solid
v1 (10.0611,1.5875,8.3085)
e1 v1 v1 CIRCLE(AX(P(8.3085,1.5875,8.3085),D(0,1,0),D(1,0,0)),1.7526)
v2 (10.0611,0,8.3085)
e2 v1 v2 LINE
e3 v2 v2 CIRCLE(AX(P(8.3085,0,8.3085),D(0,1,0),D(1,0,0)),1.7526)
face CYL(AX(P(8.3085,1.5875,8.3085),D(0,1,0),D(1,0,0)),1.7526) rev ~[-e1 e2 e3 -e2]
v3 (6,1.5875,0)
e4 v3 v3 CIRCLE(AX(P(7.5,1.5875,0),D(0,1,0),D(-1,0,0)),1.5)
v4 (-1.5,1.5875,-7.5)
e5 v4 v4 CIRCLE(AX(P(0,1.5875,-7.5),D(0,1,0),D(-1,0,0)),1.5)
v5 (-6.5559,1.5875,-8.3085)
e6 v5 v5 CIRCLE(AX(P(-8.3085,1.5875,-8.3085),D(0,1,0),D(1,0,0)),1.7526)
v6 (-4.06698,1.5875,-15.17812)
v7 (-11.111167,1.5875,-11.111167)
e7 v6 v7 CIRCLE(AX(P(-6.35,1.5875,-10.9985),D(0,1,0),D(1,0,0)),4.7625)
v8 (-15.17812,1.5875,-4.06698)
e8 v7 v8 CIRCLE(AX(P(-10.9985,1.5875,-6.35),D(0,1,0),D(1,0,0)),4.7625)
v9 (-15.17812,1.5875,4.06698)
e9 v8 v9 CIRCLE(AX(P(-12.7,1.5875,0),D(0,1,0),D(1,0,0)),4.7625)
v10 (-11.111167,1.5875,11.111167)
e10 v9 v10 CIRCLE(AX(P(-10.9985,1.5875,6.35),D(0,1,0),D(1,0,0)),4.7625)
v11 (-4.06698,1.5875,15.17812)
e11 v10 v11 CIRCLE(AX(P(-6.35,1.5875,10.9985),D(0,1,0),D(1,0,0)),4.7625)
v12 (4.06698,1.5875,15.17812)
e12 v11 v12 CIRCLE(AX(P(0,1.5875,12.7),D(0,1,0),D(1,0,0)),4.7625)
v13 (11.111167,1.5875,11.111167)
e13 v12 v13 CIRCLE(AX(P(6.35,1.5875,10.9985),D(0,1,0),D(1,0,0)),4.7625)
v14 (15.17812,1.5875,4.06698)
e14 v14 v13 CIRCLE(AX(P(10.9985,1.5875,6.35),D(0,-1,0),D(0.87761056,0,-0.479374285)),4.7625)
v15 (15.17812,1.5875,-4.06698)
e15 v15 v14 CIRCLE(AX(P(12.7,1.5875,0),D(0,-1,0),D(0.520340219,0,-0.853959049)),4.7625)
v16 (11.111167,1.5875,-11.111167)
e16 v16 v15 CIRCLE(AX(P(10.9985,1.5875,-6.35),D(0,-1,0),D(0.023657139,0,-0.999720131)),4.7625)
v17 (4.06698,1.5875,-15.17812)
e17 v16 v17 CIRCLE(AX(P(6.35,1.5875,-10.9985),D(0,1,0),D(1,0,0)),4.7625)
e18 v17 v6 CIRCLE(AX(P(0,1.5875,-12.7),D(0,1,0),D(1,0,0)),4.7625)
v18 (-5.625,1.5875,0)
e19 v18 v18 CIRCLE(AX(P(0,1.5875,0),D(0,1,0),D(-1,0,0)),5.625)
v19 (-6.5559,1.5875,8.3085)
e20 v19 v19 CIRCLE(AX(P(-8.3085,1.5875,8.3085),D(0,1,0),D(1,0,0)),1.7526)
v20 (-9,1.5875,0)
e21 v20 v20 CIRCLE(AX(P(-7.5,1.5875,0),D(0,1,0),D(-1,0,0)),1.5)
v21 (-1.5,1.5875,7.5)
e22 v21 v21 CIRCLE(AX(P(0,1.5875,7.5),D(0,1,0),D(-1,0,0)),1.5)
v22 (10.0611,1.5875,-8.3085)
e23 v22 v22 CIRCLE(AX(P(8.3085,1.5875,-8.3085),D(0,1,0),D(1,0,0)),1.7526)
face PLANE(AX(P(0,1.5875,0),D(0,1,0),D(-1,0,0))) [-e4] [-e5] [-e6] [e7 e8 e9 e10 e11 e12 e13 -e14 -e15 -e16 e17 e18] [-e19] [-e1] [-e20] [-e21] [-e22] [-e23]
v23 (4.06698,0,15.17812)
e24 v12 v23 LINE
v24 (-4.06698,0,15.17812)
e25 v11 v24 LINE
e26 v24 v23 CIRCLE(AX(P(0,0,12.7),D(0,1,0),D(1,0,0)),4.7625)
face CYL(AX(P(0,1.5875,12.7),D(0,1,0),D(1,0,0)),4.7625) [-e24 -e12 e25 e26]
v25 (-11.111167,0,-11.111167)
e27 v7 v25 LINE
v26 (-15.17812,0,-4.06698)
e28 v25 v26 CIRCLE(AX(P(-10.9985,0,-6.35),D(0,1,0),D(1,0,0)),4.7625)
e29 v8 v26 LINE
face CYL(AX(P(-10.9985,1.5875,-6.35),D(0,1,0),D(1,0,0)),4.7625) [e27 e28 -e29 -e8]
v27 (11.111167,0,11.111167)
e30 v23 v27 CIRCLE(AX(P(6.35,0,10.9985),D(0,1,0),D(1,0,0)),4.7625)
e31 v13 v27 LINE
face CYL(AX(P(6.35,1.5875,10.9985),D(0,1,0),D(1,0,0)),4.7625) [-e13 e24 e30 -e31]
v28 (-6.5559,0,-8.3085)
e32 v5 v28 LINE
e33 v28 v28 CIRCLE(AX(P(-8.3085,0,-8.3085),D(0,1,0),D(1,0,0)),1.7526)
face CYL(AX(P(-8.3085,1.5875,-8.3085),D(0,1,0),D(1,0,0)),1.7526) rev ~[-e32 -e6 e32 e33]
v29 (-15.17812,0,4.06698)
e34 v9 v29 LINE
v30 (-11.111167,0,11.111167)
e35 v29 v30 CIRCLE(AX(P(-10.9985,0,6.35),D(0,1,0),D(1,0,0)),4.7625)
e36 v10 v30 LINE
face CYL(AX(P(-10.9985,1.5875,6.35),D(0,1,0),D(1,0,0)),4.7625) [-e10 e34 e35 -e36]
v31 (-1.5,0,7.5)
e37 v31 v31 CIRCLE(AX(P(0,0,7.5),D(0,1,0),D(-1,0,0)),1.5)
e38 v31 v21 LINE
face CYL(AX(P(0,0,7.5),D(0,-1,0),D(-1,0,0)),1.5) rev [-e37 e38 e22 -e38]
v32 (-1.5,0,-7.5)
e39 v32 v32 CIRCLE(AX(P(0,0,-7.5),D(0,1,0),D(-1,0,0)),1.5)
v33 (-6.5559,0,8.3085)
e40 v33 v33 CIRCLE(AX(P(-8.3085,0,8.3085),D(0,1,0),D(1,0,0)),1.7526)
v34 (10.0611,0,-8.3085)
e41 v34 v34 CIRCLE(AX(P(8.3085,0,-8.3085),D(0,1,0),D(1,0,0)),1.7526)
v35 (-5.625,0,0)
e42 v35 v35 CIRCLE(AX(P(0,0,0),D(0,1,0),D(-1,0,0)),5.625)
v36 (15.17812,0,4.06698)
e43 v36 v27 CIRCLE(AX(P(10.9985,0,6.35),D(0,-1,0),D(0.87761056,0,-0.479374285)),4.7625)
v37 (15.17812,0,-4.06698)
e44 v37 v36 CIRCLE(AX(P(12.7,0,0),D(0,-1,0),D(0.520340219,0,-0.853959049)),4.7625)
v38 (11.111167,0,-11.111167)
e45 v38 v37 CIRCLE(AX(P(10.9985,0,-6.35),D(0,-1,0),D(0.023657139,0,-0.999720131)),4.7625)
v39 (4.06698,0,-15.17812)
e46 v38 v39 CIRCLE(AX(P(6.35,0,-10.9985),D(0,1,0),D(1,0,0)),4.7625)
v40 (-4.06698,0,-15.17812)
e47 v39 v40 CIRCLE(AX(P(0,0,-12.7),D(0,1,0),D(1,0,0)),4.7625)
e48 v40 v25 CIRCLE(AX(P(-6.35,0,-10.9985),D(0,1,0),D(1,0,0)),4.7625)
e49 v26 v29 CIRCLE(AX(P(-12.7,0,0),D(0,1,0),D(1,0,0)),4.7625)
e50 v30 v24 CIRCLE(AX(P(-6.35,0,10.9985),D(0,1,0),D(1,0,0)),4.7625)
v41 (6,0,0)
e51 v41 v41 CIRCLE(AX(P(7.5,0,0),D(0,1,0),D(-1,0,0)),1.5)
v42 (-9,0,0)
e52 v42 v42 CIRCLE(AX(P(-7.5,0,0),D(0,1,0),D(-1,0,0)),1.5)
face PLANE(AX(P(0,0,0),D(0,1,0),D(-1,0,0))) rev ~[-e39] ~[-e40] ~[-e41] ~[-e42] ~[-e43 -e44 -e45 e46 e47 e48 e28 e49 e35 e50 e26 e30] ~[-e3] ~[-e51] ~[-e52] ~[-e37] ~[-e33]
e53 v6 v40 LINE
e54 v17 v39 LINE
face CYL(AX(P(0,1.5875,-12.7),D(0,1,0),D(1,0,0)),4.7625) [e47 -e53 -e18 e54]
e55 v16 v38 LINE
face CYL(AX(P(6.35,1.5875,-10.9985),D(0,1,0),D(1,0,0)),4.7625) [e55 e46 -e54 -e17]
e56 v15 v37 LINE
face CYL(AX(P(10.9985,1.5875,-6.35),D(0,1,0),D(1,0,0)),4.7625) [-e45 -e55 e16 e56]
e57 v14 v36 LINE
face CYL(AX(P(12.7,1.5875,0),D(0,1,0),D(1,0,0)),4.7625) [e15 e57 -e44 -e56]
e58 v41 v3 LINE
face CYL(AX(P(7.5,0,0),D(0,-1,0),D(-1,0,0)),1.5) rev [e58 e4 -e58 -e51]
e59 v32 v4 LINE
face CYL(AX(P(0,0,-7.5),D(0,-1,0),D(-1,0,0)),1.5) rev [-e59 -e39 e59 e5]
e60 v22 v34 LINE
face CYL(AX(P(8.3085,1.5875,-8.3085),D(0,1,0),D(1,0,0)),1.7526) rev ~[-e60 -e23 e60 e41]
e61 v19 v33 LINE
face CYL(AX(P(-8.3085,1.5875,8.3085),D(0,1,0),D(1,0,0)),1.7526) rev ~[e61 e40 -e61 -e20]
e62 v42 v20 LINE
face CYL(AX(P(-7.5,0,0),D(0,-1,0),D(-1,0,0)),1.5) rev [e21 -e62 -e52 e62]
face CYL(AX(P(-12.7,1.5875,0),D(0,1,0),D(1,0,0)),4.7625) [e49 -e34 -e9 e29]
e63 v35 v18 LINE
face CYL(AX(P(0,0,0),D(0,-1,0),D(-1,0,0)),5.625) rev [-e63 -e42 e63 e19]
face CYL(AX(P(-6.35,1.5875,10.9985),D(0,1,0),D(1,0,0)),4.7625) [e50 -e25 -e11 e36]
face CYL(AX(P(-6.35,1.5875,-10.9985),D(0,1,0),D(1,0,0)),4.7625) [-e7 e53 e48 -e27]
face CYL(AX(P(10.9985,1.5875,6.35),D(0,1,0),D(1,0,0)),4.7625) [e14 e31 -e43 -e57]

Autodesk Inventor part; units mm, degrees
ref_plane "YZ Plane" through (0, 0, 0) normal (1, 0, 0) x (0, 1, 0)
ref_plane "XZ Plane" through (0, 0, 0) normal (0, 1, 0) x (-1, 0, 0)
ref_plane "XY Plane" through (0, 0, 0) normal (0, 0, 1) x (1, 0, 0)
sketch "Sketch1" plane through (0, 0, 0) normal (0, 1, 0) x (-1, 0, 0)
  circle A0 centre (0, 0) radius 5.625
  circle A1 centre (0, 0) radius 7.5 construction
  circle A2 centre (0, 0) radius 22.225 construction
  circle A3 centre (7.5, 0) radius 1.5
  line L0 (22.225, 0) -> (0, 0) construction
  circle A4 centre (0, 7.5) radius 1.5
  circle A5 centre (-7.5, 0) radius 1.5
  circle A6 centre (0, 0) radius 19.05
  circle A7 centre (0, -7.5) radius 1.5
  point P0 (0, 6)
  point P1 (6, 0)
  point P2 (0, -6)
  point P3 (-6, 0)
  dimension "d1" = 15
  dimension "d2" = 44.45
  dimension "d0" = 11.25
  dimension "d3" = 3
  dimension "d6" = 360
  dimension "d8" = 38.1
extrude "Extrusion1" add sketch "Sketch1" along normal blind 1.5875
sketch "Sketch2" plane through (0, 1.5875, 0) normal (0, 1, 0) x (1, 0, 0)
  circle A0 centre (0, 0) radius 11.75 construction
  line L0 (0, 0) -> (19.05, 0) construction
  circle A1 centre (0, 0) radius 19.05 projected
  line L1 (11.75, 0) -> (0, 0) construction
  line L2 (0, 0) -> (8.3085, -8.3085) construction
  circle A2 centre (8.3085, -8.3085) radius 1.7526
  circle A3 centre (8.3085, 8.3085) radius 1.7526
  circle A4 centre (-8.3085, 8.3085) radius 1.7526
  circle A5 centre (-8.3085, -8.3085) radius 1.7526
  dimension "d11" = 23.5
  dimension "d28" = 45
  dimension "d29" = 3.5052
  dimension "d32" = 360
extrude "Extrusion2" cut sketch "Sketch2" against normal through all contours A2 | A3 | A4 | A5
sketch "Sketch3" plane through (0, 1.5875, 0) normal (0, 1, 0) x (1, 0, 0)
  line L0 (0, 0) -> (12.7, 0) construction
  circle A0 centre (0, 0) radius 12.7 construction
  circle A1 centre (12.7, 0) radius 4.7625
  circle A2 centre (10.9985, 6.35) radius 4.7625
  circle A3 centre (6.35, 10.9985) radius 4.7625
  circle A4 centre (0, 12.7) radius 4.7625
  circle A5 centre (-6.35, 10.9985) radius 4.7625
  circle A6 centre (-10.9985, 6.35) radius 4.7625
  circle A7 centre (-12.7, 0) radius 4.7625
  circle A8 centre (-10.9985, -6.35) radius 4.7625
  circle A9 centre (-6.35, -10.9985) radius 4.7625
  circle A10 centre (0, -12.7) radius 4.7625
  circle A11 centre (6.35, -10.9985) radius 4.7625
  circle A12 centre (10.9985, -6.35) radius 4.7625
  circle A13 centre (0, 0) radius 19.05
  point P0 (11.1112, -11.1112)
  point P1 (4.067, -15.1781)
  point P2 (-4.067, -15.1781)
  point P3 (-11.1112, -11.1112)
  point P4 (-15.1781, -4.067)
  point P5 (-15.1781, 4.067)
  point P6 (-11.1112, 11.1112)
  point P7 (-4.067, 15.1781)
  point P8 (4.067, 15.1781)
  point P9 (11.1112, 11.1112)
  point P10 (15.1781, 4.067)
  point P11 (15.1781, -4.067)
  dimension "d19" = 25.4
  dimension "d20" = 9.525
  dimension "d23" = 360
  dimension "d25" = 38.1
extrude "Extrusion3" cut sketch "Sketch3" against normal blind 25.4
properties part number "Motor Cap" material "Nylon 6/6"
